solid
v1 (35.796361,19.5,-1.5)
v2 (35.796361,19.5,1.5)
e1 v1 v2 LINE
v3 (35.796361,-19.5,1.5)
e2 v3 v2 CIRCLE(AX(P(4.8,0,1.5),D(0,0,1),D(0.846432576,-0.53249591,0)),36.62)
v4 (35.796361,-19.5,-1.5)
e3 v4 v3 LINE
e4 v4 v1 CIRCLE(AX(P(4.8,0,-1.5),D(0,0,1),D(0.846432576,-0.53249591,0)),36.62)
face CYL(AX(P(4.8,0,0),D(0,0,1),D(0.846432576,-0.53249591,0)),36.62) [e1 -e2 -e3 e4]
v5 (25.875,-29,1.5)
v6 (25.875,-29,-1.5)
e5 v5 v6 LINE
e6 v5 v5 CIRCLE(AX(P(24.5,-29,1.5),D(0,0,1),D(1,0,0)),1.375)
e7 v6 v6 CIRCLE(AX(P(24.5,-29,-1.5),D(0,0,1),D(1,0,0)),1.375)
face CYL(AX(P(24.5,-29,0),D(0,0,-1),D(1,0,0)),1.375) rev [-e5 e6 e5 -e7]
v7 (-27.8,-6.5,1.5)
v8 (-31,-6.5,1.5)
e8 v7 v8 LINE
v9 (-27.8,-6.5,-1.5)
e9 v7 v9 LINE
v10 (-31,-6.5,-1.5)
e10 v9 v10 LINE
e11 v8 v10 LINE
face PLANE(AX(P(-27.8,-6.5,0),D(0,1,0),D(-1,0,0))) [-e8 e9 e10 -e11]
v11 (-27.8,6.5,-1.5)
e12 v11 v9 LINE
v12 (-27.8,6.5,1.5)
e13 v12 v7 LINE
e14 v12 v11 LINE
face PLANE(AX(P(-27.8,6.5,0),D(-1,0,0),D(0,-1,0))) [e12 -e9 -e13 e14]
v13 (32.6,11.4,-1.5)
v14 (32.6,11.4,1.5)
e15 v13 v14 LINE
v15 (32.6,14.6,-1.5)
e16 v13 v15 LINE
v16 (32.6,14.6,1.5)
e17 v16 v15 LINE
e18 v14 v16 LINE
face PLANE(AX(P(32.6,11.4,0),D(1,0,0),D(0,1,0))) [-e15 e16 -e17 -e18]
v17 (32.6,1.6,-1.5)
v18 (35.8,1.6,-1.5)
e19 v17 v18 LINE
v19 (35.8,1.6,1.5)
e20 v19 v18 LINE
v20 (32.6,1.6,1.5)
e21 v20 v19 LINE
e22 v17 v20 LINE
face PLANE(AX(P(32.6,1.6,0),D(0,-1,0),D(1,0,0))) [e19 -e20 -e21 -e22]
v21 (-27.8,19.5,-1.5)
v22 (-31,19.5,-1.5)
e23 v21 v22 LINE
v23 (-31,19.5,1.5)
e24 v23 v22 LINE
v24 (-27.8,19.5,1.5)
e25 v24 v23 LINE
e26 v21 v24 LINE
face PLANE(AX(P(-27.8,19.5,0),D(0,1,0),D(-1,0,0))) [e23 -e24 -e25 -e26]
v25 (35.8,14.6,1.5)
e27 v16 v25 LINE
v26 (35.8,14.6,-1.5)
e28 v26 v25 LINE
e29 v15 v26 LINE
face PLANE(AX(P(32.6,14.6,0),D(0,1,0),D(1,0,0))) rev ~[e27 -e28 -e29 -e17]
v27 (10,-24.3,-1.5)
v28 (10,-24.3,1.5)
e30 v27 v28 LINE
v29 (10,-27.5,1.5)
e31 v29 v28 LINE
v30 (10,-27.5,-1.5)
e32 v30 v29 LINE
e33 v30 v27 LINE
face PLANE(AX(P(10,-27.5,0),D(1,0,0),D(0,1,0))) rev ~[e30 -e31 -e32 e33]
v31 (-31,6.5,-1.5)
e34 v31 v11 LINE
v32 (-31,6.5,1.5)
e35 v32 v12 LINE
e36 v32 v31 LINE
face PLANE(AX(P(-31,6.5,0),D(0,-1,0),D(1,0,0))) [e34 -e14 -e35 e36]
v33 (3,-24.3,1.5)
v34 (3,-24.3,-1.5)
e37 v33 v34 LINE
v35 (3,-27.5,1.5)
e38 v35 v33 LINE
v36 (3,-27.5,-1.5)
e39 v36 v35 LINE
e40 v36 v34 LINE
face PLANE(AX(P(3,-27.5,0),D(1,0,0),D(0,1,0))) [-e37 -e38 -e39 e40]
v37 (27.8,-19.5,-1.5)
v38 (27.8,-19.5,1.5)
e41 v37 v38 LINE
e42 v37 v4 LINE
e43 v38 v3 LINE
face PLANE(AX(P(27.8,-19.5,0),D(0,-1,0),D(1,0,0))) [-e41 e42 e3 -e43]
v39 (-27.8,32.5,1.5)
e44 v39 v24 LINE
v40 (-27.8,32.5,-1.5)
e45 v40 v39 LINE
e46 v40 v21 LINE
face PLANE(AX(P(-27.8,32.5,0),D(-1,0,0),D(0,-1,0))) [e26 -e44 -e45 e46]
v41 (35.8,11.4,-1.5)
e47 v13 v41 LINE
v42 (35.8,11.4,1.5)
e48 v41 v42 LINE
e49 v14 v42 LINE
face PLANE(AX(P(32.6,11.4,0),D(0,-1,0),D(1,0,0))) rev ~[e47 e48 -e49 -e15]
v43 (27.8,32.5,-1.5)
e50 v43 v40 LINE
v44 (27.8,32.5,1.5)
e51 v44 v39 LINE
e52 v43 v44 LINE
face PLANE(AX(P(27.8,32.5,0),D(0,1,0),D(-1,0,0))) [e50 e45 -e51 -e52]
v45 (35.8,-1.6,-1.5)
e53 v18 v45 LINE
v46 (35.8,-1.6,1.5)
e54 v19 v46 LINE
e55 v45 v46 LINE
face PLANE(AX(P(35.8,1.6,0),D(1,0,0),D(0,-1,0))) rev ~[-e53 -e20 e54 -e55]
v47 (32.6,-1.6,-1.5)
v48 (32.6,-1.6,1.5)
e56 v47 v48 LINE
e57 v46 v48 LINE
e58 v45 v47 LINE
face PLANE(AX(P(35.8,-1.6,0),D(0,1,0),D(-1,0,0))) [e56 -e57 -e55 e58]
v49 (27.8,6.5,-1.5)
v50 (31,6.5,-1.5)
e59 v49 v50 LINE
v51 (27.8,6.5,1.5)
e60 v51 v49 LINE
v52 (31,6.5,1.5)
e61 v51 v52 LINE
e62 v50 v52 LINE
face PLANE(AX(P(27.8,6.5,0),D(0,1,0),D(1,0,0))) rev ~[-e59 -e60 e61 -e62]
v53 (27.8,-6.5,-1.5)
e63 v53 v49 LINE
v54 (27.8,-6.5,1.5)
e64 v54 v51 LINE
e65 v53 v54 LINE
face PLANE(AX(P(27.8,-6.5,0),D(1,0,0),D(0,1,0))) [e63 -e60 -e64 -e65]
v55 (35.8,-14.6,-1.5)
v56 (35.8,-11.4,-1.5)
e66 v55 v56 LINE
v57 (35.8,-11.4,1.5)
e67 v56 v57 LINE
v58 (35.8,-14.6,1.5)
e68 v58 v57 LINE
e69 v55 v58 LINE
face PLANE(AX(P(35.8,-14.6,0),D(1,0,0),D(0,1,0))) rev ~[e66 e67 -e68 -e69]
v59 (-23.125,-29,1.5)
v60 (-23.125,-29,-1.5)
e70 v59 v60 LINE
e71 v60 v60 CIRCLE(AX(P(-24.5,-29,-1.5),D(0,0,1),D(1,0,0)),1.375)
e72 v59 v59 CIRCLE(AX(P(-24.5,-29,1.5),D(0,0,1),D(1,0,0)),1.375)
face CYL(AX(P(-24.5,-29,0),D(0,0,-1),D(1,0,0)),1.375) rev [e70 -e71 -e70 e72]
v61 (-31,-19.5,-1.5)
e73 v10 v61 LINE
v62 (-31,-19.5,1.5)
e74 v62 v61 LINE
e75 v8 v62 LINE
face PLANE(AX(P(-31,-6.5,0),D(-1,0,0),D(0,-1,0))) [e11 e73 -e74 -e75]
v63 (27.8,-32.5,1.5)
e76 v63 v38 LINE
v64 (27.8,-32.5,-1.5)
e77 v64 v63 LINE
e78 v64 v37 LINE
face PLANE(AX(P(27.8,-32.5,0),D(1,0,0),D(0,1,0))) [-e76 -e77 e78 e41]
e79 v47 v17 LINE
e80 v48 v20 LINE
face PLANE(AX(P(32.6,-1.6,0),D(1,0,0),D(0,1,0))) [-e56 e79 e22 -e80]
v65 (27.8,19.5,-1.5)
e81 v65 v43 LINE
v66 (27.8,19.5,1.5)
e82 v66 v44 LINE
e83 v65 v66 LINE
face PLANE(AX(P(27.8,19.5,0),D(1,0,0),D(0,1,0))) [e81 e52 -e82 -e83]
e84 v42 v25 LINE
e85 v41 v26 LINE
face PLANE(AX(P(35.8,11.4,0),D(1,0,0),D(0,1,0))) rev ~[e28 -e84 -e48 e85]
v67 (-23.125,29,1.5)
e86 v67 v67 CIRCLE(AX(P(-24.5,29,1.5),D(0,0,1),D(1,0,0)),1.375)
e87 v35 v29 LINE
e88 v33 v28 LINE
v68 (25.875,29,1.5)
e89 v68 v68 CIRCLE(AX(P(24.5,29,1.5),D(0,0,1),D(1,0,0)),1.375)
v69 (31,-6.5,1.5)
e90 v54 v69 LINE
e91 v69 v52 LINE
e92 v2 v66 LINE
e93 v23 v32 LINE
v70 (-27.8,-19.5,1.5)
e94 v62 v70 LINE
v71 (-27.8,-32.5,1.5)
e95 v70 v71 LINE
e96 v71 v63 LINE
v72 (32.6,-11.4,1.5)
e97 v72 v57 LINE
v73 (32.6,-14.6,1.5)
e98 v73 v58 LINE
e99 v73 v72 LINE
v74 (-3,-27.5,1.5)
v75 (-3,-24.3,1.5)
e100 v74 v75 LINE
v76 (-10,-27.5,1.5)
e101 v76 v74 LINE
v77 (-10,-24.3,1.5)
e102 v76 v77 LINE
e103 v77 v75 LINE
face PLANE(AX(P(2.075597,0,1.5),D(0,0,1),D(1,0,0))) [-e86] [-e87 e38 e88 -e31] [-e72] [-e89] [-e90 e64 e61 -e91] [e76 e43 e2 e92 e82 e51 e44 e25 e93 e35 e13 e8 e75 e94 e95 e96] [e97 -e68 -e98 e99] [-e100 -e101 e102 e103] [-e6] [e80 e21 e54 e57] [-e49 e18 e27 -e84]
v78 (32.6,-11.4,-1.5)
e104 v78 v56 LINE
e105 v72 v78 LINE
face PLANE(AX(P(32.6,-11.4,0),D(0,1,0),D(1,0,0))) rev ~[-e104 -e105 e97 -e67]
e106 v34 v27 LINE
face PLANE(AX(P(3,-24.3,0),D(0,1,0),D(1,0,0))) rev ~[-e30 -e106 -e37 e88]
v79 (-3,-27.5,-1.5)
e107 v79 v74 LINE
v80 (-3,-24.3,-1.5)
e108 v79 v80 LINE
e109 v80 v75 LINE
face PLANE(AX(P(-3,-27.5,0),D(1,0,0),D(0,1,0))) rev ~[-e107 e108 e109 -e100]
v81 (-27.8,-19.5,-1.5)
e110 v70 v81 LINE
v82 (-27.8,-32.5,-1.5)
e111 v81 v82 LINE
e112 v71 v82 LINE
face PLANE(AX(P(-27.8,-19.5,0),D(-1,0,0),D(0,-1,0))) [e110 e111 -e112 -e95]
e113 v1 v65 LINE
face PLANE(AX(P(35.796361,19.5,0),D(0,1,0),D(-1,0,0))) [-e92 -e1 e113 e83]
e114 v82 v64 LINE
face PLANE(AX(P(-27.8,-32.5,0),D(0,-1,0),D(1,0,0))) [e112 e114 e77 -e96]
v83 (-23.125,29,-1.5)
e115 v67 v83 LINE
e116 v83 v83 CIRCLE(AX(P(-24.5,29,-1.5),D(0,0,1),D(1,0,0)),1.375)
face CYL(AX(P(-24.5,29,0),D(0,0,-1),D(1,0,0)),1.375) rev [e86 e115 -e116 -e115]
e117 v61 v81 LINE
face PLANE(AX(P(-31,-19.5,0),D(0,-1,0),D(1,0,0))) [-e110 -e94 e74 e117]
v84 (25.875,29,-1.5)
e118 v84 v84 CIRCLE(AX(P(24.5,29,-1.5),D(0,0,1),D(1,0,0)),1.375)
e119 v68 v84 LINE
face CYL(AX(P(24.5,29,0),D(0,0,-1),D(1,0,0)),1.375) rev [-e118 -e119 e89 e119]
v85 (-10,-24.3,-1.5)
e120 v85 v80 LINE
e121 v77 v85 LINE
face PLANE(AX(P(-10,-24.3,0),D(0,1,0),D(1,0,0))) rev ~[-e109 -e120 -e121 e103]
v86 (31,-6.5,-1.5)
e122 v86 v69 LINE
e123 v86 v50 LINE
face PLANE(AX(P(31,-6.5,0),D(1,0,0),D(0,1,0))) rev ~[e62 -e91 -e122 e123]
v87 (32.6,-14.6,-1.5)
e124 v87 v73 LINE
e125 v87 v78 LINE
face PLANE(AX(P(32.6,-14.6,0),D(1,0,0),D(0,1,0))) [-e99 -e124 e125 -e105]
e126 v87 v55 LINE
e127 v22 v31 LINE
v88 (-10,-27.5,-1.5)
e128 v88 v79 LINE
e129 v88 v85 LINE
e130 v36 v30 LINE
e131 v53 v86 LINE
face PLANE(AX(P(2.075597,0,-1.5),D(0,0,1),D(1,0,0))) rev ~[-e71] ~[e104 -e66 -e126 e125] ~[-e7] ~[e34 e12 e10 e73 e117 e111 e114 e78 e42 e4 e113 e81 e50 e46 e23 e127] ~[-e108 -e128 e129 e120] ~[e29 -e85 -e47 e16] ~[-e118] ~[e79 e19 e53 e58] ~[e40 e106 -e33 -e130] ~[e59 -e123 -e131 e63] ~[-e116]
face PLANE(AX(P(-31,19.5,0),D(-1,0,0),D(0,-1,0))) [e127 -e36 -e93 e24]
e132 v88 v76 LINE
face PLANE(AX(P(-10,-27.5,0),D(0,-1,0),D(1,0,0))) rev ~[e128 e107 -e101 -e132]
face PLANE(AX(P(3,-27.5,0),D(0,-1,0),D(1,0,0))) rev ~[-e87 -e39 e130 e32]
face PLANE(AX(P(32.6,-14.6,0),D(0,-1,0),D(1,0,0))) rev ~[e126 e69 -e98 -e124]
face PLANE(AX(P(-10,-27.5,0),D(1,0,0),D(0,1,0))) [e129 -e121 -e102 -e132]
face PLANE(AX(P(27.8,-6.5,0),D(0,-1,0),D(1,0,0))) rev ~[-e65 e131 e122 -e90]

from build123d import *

# Parameters (mm, degrees)
F0_R     = 1.375
F0_W     = 7
F0_H     = 3.2
F0_W_2   = 3.2
F0_H_2   = 13
F1_DEPTH = 1.5


with BuildPart() as f1:
    # F0 (on Top) → F1 (new body, symmetric)
    with BuildSketch(Plane.XY):
        with BuildLine():
            Line((-27.8, -32.5), (27.8, -32.5))
            Line((27.8, -32.5), (27.8, -19.5))
            Line((27.8, -19.5), (31, -19.5))
            Line((31, -19.5), (35.796361, -19.5))
            ThreePointArc((35.796361, -19.5), (41.42, 0), (35.796361, 19.5))
            Line((35.796361, 19.5), (31, 19.5))
            Line((31, 19.5), (27.8, 19.5))
            Line((27.8, 19.5), (27.8, 32.5))
            Line((27.8, 32.5), (-27.8, 32.5))
            Line((-27.8, 32.5), (-27.8, 19.5))
            Line((-27.8, 19.5), (-31, 19.5))
            Line((-31, 19.5), (-31, 6.5))
            Line((-31, 6.5), (-27.8, 6.5))
            Line((-27.8, 6.5), (-27.8, -6.5))
            Line((-27.8, -6.5), (-31, -6.5))
            Line((-31, -6.5), (-31, -19.5))
            Line((-31, -19.5), (-27.8, -19.5))
            Line((-27.8, -19.5), (-27.8, -32.5))
        make_face()
        with Locations((-24.5, -29)):
            Circle(F0_R, mode=Mode.SUBTRACT)
        with Locations((-6.5, -25.9)):
            Rectangle(F0_W, F0_H, mode=Mode.SUBTRACT)
        with Locations((6.5, -25.9)):
            Rectangle(F0_W, F0_H, mode=Mode.SUBTRACT)
        with Locations((24.5, -29)):
            Circle(F0_R, mode=Mode.SUBTRACT)
        with Locations((34.2, -13)):
            Rectangle(F0_W_2, F0_H, mode=Mode.SUBTRACT)
        with Locations((-24.5, 29)):
            Circle(F0_R, mode=Mode.SUBTRACT)
        with Locations((29.4, 0)):
            Rectangle(F0_W_2, F0_H_2, mode=Mode.SUBTRACT)
        Polygon((32.6, 1.6), (34.2, 1.6), (35.8, 1.6), (35.8, -1.6), (32.6, -1.6), align=None, mode=Mode.SUBTRACT)
        with Locations((34.2, 13)):
            Rectangle(F0_W_2, F0_H, mode=Mode.SUBTRACT)
        with Locations((24.5, 29)):
            Circle(F0_R, mode=Mode.SUBTRACT)
    extrude(amount=F1_DEPTH, both=True)


solid = f1.part
